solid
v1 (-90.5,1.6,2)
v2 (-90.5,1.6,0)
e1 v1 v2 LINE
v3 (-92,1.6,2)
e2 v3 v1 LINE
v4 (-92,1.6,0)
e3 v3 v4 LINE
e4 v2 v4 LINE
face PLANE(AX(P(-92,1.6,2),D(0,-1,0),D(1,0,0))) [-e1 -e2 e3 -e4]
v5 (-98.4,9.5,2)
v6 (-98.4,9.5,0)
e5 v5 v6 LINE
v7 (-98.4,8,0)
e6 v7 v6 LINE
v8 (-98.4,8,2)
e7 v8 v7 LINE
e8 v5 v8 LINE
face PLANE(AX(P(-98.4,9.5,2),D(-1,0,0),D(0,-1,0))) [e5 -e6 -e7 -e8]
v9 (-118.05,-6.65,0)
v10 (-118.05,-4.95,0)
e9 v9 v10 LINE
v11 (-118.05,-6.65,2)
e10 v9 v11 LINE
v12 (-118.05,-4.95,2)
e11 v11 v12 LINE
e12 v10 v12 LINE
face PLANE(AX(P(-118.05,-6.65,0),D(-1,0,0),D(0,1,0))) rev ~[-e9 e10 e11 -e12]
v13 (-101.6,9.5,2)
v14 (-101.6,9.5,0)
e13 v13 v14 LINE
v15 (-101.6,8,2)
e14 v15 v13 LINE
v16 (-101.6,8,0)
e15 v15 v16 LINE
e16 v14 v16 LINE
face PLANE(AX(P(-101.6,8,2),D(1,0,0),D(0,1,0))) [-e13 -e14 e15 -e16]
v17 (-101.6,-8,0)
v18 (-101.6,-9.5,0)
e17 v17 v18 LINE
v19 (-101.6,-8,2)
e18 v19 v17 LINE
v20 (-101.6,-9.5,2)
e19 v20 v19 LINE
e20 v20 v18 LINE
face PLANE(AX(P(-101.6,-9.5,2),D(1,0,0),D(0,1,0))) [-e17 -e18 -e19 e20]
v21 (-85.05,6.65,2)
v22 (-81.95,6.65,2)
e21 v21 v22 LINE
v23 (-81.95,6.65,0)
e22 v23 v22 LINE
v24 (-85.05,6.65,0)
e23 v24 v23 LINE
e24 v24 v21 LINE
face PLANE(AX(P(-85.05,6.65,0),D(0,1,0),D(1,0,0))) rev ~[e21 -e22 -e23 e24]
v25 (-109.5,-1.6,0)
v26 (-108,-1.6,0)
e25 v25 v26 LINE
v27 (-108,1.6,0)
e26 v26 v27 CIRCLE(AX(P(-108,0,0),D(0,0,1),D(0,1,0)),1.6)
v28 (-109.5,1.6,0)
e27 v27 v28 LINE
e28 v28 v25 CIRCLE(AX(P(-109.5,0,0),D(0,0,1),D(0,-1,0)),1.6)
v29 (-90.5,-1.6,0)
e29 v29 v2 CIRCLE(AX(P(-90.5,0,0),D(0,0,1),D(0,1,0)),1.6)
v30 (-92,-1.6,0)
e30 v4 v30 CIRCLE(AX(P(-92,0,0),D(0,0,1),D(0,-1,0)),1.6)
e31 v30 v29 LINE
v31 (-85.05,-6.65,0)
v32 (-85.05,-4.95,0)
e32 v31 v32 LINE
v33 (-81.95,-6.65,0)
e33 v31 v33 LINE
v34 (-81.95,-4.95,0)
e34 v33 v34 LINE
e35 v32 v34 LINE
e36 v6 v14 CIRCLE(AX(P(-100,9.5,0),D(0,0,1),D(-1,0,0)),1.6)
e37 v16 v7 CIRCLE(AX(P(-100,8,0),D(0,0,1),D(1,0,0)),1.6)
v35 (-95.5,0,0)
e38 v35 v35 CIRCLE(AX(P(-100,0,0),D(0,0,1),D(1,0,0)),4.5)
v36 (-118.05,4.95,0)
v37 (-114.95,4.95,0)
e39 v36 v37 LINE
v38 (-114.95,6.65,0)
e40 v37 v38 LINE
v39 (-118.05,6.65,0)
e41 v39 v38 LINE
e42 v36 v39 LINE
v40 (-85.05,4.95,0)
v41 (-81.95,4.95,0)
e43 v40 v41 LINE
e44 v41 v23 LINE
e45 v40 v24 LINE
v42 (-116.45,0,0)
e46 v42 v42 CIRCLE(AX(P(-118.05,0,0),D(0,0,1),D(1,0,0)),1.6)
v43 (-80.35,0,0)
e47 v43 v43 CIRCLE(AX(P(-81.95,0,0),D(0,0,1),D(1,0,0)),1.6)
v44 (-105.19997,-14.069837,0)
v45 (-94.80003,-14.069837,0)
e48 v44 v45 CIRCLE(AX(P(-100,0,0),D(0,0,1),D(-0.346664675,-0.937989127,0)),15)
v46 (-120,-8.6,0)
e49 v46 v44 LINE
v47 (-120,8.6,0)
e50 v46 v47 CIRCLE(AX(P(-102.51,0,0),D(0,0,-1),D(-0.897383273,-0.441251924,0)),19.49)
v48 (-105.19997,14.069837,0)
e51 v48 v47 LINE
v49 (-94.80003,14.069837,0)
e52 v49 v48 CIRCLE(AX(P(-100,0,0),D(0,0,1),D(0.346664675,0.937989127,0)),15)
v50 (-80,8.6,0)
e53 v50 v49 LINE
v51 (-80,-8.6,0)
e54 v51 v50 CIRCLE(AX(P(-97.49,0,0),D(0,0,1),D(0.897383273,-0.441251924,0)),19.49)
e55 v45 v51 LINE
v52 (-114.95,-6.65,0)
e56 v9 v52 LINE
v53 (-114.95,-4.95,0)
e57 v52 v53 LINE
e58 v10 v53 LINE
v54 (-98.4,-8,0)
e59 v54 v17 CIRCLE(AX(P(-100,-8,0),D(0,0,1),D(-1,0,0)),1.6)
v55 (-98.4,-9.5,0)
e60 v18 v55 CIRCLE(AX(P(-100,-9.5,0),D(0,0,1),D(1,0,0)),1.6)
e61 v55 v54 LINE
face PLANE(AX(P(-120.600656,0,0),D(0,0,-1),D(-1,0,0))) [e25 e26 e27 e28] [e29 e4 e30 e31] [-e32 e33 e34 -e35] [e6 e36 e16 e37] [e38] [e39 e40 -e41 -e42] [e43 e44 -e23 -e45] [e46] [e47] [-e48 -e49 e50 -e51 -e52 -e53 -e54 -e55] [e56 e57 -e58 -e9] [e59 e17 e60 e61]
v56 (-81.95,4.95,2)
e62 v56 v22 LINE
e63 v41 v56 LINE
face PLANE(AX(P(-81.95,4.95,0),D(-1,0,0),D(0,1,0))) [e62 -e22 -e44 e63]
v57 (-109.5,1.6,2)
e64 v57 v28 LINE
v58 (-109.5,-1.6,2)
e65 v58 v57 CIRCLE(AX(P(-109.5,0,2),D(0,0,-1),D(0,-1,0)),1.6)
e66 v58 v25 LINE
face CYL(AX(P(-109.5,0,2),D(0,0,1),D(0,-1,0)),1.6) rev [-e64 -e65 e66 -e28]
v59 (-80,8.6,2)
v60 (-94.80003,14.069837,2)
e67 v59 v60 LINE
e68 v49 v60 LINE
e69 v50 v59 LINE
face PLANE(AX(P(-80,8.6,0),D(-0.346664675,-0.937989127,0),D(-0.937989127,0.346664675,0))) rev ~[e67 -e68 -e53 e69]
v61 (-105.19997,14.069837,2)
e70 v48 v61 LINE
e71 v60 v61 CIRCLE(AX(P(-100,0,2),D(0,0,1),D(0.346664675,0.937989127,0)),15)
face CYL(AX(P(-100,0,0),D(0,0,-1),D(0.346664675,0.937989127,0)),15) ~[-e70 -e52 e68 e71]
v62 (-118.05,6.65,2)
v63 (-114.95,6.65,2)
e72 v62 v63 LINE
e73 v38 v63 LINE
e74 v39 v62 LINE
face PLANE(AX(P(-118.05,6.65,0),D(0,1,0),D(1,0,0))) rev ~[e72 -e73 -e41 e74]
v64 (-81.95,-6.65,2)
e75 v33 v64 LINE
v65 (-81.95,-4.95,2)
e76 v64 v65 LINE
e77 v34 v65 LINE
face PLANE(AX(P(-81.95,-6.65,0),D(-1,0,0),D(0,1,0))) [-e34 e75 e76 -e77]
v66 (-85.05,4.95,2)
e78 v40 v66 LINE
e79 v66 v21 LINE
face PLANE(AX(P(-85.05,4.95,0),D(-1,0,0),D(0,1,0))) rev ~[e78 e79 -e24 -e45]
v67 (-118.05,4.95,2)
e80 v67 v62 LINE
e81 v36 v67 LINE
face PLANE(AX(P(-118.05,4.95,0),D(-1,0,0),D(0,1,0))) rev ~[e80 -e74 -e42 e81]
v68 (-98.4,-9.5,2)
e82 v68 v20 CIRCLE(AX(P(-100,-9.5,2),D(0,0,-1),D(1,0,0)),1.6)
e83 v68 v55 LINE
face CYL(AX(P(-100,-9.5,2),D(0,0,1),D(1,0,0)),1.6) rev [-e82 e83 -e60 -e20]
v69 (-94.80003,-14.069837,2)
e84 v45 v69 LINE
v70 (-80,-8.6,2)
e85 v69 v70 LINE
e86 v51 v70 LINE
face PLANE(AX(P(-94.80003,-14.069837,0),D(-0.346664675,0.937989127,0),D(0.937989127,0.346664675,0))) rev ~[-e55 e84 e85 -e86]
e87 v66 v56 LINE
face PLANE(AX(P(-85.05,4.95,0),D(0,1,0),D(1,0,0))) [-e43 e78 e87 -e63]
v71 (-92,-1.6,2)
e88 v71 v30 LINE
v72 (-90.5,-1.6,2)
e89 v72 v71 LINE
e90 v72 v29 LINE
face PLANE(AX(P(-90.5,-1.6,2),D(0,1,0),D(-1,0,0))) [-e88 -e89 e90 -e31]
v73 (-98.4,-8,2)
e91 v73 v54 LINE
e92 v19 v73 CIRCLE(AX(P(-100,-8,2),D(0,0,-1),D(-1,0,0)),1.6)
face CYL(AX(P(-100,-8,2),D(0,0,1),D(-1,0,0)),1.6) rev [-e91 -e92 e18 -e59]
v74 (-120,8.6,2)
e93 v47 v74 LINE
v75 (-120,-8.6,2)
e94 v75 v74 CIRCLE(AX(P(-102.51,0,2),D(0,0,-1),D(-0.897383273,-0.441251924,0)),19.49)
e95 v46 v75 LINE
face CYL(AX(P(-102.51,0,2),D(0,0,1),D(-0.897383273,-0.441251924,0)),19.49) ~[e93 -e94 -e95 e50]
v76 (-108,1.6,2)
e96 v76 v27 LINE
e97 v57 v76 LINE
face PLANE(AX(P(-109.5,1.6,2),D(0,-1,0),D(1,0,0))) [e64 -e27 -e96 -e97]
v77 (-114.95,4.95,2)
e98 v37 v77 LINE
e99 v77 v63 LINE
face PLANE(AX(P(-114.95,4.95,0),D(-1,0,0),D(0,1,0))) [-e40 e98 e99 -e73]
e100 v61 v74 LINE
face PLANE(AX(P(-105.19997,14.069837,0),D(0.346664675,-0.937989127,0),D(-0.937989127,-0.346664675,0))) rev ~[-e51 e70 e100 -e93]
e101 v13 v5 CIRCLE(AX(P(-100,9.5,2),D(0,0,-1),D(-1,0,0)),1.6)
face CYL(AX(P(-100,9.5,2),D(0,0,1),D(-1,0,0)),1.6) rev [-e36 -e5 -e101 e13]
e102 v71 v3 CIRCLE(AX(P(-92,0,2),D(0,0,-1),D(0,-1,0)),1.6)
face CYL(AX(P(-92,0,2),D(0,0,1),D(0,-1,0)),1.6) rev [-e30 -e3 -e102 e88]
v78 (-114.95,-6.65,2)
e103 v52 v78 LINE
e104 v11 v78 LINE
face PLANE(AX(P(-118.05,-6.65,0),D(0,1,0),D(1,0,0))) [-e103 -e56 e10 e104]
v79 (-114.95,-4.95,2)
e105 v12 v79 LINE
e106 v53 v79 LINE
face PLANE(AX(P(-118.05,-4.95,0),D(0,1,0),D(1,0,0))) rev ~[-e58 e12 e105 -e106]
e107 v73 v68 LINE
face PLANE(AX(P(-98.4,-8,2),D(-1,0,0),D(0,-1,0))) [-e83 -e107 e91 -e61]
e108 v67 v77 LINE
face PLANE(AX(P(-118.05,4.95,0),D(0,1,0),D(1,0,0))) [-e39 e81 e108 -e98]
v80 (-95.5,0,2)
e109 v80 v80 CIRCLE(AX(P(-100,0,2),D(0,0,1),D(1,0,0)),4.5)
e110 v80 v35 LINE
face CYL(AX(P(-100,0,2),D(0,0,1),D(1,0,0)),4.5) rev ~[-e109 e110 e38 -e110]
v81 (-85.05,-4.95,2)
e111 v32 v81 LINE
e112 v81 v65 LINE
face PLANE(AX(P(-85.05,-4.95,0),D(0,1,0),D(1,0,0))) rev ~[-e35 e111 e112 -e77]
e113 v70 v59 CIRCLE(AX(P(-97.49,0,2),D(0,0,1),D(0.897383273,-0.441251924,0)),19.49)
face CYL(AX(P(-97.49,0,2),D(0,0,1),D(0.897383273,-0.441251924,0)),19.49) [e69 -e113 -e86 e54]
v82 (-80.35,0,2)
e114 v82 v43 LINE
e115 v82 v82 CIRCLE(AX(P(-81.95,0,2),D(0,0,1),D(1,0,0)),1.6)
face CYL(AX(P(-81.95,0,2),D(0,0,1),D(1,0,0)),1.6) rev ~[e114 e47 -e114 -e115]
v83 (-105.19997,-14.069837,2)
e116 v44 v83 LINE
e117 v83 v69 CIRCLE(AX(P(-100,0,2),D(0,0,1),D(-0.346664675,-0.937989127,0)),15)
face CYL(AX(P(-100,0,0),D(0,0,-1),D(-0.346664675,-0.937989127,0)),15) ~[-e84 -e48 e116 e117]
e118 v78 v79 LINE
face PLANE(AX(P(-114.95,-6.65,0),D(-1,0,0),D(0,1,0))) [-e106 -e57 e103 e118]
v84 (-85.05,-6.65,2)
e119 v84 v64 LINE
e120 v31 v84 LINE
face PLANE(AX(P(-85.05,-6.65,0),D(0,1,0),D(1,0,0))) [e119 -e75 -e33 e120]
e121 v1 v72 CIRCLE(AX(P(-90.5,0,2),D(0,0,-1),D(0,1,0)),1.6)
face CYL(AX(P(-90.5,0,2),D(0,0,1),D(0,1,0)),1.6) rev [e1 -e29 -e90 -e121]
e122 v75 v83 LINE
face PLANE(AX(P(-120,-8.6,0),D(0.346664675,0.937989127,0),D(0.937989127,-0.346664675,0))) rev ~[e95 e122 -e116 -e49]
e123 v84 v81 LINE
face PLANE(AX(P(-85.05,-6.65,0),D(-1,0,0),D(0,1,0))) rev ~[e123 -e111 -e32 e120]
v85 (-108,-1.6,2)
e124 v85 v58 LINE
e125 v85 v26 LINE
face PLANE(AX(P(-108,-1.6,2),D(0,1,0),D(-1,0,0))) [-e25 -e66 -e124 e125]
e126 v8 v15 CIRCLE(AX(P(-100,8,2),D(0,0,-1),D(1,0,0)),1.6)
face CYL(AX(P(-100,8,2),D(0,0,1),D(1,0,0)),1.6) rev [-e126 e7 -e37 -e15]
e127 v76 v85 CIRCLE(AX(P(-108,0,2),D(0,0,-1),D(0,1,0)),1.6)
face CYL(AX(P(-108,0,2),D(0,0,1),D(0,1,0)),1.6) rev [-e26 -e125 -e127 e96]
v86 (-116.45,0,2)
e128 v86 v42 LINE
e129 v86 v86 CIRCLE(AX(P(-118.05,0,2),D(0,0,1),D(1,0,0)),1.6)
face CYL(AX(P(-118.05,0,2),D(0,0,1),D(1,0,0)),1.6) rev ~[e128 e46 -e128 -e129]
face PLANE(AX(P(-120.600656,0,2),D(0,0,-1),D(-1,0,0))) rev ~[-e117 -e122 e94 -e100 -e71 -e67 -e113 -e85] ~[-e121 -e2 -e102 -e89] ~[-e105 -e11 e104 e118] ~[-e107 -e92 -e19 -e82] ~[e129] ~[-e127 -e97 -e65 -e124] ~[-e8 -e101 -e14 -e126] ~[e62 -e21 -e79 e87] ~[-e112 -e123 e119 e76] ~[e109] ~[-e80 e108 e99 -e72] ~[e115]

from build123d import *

# Parameters (mm, degrees)
SKETCH1_W           = 3.1
SKETCH1_H           = 1.7
BOSS_EXTRUDE1_DEPTH = 2
CUT_EXTRUDE1_REACH  = 122.95
SKETCH2_R           = 4.5
BOSS_EXTRUDE2_DEPTH = 2
CUT_EXTRUDE2_REACH  = 124.935
SKETCH3_R           = 1.6


with BuildPart() as part:
    # Sketch1 → Boss-Extrude1 (new body)
    with BuildSketch(Plane.XY):
        with BuildLine():
            Line((-105.199970129, 14.069836909), (-120, 8.6))
            Line((-120, 8.6), (-120, -8.6))
            Line((-120, -8.6), (-105.199970129, -14.069836909))
            ThreePointArc((-105.199970129, -14.069836909), (-100, -15), (-94.800029871, -14.069836909))
            Line((-94.800029871, -14.069836909), (-80, -8.6))
            Line((-80, -8.6), (-80, 8.6))
            Line((-80, 8.6), (-94.800029871, 14.069836909))
            ThreePointArc((-94.800029871, 14.069836909), (-100, 15), (-105.199970129, 14.069836909))
        make_face()
        with Locations((-116.5, 5.8)):
            Rectangle(SKETCH1_W, SKETCH1_H, mode=Mode.SUBTRACT)
        with Locations((-83.5, 5.8)):
            Rectangle(SKETCH1_W, SKETCH1_H, mode=Mode.SUBTRACT)
        with Locations((-116.5, -5.8)):
            Rectangle(SKETCH1_W, SKETCH1_H, mode=Mode.SUBTRACT)
        with Locations((-83.5, -5.8)):
            Rectangle(SKETCH1_W, SKETCH1_H, mode=Mode.SUBTRACT)
    extrude(amount=BOSS_EXTRUDE1_DEPTH)

    # Sketch2 → Cut-Extrude1 (cut, up to next)
    with BuildSketch(Plane.XY.offset(2), mode=Mode.PRIVATE) as cut_extrude1_sk1:
        with Locations((-100, 0)):
            Circle(SKETCH2_R)
    cut_extrude1_tool1 = extrude(cut_extrude1_sk1.sketch, amount=-CUT_EXTRUDE1_REACH, mode=Mode.PRIVATE) & part.part
    # Sketch2 → Cut-Extrude1 (cut, up to next)
    with BuildSketch(Plane.XY.offset(2), mode=Mode.PRIVATE) as cut_extrude1_sk2:
        with BuildLine():
            Line((-108, -1.6), (-109.5, -1.6))
            ThreePointArc((-109.5, -1.6), (-111.1, 0), (-109.5, 1.6))
            Line((-109.5, 1.6), (-108, 1.6))
            ThreePointArc((-108, 1.6), (-106.4, 0), (-108, -1.6))
        make_face()
    cut_extrude1_tool2 = extrude(cut_extrude1_sk2.sketch, amount=-CUT_EXTRUDE1_REACH, mode=Mode.PRIVATE) & part.part
    # Sketch2 → Cut-Extrude1 (cut, up to next)
    with BuildSketch(Plane.XY.offset(2), mode=Mode.PRIVATE) as cut_extrude1_sk3:
        with BuildLine():
            Line((-101.6, 8), (-101.6, 9.5))
            ThreePointArc((-101.6, 9.5), (-100, 11.1), (-98.4, 9.5))
            Line((-98.4, 9.5), (-98.4, 8))
            ThreePointArc((-98.4, 8), (-100, 6.4), (-101.6, 8))
        make_face()
    cut_extrude1_tool3 = extrude(cut_extrude1_sk3.sketch, amount=-CUT_EXTRUDE1_REACH, mode=Mode.PRIVATE) & part.part
    # Sketch2 → Cut-Extrude1 (cut, up to next)
    with BuildSketch(Plane.XY.offset(2), mode=Mode.PRIVATE) as cut_extrude1_sk4:
        with BuildLine():
            Line((-92, 1.6), (-90.5, 1.6))
            ThreePointArc((-90.5, 1.6), (-88.9, 0), (-90.5, -1.6))
            Line((-90.5, -1.6), (-92, -1.6))
            ThreePointArc((-92, -1.6), (-93.6, 0), (-92, 1.6))
        make_face()
    cut_extrude1_tool4 = extrude(cut_extrude1_sk4.sketch, amount=-CUT_EXTRUDE1_REACH, mode=Mode.PRIVATE) & part.part
    # Sketch2 → Cut-Extrude1 (cut, up to next)
    with BuildSketch(Plane.XY.offset(2), mode=Mode.PRIVATE) as cut_extrude1_sk5:
        with BuildLine():
            Line((-98.4, -8), (-98.4, -9.5))
            ThreePointArc((-98.4, -9.5), (-100, -11.1), (-101.6, -9.5))
            Line((-101.6, -9.5), (-101.6, -8))
            ThreePointArc((-101.6, -8), (-100, -6.4), (-98.4, -8))
        make_face()
    cut_extrude1_tool5 = extrude(cut_extrude1_sk5.sketch, amount=-CUT_EXTRUDE1_REACH, mode=Mode.PRIVATE) & part.part
    add(cut_extrude1_tool1.solids().sort_by_distance((-100, 0, 2))[0], mode=Mode.SUBTRACT)
    add(cut_extrude1_tool2.solids().sort_by_distance((-108.75, 0, 2))[0], mode=Mode.SUBTRACT)
    add(cut_extrude1_tool3.solids().sort_by_distance((-100, 8.75, 2))[0], mode=Mode.SUBTRACT)
    add(cut_extrude1_tool4.solids().sort_by_distance((-91.25, 0, 2))[0], mode=Mode.SUBTRACT)
    add(cut_extrude1_tool5.solids().sort_by_distance((-100, -8.75, 2))[0], mode=Mode.SUBTRACT)

    # Sketch5 → Boss-Extrude2 (add)
    with BuildSketch(Plane.XY.offset(2)):
        with BuildLine():
            Line((-120, 8.6), (-120, -8.6))
            ThreePointArc((-120, -8.6), (-122, 0), (-120, 8.6))
        make_face()
        with BuildLine():
            Line((-80, 8.6), (-80, -8.6))
            ThreePointArc((-80, -8.6), (-78, 0), (-80, 8.6))
        make_face()
    extrude(amount=-BOSS_EXTRUDE2_DEPTH)

    # Sketch3 → Cut-Extrude2 (cut, up to next)
    with BuildSketch(Plane.XY.offset(2), mode=Mode.PRIVATE) as cut_extrude2_sk1:
        with Locations((-118.05, 0)):
            Circle(SKETCH3_R)
    cut_extrude2_tool1 = extrude(cut_extrude2_sk1.sketch, amount=-CUT_EXTRUDE2_REACH, mode=Mode.PRIVATE) & part.part
    # Sketch3 → Cut-Extrude2 (cut, up to next)
    with BuildSketch(Plane.XY.offset(2), mode=Mode.PRIVATE) as cut_extrude2_sk2:
        with Locations((-81.95, 0)):
            Circle(SKETCH3_R)
    cut_extrude2_tool2 = extrude(cut_extrude2_sk2.sketch, amount=-CUT_EXTRUDE2_REACH, mode=Mode.PRIVATE) & part.part
    add(cut_extrude2_tool1.solids().sort_by_distance((-118.05, 0, 2))[0], mode=Mode.SUBTRACT)
    add(cut_extrude2_tool2.solids().sort_by_distance((-81.95, 0, 2))[0], mode=Mode.SUBTRACT)


solid = part.part
